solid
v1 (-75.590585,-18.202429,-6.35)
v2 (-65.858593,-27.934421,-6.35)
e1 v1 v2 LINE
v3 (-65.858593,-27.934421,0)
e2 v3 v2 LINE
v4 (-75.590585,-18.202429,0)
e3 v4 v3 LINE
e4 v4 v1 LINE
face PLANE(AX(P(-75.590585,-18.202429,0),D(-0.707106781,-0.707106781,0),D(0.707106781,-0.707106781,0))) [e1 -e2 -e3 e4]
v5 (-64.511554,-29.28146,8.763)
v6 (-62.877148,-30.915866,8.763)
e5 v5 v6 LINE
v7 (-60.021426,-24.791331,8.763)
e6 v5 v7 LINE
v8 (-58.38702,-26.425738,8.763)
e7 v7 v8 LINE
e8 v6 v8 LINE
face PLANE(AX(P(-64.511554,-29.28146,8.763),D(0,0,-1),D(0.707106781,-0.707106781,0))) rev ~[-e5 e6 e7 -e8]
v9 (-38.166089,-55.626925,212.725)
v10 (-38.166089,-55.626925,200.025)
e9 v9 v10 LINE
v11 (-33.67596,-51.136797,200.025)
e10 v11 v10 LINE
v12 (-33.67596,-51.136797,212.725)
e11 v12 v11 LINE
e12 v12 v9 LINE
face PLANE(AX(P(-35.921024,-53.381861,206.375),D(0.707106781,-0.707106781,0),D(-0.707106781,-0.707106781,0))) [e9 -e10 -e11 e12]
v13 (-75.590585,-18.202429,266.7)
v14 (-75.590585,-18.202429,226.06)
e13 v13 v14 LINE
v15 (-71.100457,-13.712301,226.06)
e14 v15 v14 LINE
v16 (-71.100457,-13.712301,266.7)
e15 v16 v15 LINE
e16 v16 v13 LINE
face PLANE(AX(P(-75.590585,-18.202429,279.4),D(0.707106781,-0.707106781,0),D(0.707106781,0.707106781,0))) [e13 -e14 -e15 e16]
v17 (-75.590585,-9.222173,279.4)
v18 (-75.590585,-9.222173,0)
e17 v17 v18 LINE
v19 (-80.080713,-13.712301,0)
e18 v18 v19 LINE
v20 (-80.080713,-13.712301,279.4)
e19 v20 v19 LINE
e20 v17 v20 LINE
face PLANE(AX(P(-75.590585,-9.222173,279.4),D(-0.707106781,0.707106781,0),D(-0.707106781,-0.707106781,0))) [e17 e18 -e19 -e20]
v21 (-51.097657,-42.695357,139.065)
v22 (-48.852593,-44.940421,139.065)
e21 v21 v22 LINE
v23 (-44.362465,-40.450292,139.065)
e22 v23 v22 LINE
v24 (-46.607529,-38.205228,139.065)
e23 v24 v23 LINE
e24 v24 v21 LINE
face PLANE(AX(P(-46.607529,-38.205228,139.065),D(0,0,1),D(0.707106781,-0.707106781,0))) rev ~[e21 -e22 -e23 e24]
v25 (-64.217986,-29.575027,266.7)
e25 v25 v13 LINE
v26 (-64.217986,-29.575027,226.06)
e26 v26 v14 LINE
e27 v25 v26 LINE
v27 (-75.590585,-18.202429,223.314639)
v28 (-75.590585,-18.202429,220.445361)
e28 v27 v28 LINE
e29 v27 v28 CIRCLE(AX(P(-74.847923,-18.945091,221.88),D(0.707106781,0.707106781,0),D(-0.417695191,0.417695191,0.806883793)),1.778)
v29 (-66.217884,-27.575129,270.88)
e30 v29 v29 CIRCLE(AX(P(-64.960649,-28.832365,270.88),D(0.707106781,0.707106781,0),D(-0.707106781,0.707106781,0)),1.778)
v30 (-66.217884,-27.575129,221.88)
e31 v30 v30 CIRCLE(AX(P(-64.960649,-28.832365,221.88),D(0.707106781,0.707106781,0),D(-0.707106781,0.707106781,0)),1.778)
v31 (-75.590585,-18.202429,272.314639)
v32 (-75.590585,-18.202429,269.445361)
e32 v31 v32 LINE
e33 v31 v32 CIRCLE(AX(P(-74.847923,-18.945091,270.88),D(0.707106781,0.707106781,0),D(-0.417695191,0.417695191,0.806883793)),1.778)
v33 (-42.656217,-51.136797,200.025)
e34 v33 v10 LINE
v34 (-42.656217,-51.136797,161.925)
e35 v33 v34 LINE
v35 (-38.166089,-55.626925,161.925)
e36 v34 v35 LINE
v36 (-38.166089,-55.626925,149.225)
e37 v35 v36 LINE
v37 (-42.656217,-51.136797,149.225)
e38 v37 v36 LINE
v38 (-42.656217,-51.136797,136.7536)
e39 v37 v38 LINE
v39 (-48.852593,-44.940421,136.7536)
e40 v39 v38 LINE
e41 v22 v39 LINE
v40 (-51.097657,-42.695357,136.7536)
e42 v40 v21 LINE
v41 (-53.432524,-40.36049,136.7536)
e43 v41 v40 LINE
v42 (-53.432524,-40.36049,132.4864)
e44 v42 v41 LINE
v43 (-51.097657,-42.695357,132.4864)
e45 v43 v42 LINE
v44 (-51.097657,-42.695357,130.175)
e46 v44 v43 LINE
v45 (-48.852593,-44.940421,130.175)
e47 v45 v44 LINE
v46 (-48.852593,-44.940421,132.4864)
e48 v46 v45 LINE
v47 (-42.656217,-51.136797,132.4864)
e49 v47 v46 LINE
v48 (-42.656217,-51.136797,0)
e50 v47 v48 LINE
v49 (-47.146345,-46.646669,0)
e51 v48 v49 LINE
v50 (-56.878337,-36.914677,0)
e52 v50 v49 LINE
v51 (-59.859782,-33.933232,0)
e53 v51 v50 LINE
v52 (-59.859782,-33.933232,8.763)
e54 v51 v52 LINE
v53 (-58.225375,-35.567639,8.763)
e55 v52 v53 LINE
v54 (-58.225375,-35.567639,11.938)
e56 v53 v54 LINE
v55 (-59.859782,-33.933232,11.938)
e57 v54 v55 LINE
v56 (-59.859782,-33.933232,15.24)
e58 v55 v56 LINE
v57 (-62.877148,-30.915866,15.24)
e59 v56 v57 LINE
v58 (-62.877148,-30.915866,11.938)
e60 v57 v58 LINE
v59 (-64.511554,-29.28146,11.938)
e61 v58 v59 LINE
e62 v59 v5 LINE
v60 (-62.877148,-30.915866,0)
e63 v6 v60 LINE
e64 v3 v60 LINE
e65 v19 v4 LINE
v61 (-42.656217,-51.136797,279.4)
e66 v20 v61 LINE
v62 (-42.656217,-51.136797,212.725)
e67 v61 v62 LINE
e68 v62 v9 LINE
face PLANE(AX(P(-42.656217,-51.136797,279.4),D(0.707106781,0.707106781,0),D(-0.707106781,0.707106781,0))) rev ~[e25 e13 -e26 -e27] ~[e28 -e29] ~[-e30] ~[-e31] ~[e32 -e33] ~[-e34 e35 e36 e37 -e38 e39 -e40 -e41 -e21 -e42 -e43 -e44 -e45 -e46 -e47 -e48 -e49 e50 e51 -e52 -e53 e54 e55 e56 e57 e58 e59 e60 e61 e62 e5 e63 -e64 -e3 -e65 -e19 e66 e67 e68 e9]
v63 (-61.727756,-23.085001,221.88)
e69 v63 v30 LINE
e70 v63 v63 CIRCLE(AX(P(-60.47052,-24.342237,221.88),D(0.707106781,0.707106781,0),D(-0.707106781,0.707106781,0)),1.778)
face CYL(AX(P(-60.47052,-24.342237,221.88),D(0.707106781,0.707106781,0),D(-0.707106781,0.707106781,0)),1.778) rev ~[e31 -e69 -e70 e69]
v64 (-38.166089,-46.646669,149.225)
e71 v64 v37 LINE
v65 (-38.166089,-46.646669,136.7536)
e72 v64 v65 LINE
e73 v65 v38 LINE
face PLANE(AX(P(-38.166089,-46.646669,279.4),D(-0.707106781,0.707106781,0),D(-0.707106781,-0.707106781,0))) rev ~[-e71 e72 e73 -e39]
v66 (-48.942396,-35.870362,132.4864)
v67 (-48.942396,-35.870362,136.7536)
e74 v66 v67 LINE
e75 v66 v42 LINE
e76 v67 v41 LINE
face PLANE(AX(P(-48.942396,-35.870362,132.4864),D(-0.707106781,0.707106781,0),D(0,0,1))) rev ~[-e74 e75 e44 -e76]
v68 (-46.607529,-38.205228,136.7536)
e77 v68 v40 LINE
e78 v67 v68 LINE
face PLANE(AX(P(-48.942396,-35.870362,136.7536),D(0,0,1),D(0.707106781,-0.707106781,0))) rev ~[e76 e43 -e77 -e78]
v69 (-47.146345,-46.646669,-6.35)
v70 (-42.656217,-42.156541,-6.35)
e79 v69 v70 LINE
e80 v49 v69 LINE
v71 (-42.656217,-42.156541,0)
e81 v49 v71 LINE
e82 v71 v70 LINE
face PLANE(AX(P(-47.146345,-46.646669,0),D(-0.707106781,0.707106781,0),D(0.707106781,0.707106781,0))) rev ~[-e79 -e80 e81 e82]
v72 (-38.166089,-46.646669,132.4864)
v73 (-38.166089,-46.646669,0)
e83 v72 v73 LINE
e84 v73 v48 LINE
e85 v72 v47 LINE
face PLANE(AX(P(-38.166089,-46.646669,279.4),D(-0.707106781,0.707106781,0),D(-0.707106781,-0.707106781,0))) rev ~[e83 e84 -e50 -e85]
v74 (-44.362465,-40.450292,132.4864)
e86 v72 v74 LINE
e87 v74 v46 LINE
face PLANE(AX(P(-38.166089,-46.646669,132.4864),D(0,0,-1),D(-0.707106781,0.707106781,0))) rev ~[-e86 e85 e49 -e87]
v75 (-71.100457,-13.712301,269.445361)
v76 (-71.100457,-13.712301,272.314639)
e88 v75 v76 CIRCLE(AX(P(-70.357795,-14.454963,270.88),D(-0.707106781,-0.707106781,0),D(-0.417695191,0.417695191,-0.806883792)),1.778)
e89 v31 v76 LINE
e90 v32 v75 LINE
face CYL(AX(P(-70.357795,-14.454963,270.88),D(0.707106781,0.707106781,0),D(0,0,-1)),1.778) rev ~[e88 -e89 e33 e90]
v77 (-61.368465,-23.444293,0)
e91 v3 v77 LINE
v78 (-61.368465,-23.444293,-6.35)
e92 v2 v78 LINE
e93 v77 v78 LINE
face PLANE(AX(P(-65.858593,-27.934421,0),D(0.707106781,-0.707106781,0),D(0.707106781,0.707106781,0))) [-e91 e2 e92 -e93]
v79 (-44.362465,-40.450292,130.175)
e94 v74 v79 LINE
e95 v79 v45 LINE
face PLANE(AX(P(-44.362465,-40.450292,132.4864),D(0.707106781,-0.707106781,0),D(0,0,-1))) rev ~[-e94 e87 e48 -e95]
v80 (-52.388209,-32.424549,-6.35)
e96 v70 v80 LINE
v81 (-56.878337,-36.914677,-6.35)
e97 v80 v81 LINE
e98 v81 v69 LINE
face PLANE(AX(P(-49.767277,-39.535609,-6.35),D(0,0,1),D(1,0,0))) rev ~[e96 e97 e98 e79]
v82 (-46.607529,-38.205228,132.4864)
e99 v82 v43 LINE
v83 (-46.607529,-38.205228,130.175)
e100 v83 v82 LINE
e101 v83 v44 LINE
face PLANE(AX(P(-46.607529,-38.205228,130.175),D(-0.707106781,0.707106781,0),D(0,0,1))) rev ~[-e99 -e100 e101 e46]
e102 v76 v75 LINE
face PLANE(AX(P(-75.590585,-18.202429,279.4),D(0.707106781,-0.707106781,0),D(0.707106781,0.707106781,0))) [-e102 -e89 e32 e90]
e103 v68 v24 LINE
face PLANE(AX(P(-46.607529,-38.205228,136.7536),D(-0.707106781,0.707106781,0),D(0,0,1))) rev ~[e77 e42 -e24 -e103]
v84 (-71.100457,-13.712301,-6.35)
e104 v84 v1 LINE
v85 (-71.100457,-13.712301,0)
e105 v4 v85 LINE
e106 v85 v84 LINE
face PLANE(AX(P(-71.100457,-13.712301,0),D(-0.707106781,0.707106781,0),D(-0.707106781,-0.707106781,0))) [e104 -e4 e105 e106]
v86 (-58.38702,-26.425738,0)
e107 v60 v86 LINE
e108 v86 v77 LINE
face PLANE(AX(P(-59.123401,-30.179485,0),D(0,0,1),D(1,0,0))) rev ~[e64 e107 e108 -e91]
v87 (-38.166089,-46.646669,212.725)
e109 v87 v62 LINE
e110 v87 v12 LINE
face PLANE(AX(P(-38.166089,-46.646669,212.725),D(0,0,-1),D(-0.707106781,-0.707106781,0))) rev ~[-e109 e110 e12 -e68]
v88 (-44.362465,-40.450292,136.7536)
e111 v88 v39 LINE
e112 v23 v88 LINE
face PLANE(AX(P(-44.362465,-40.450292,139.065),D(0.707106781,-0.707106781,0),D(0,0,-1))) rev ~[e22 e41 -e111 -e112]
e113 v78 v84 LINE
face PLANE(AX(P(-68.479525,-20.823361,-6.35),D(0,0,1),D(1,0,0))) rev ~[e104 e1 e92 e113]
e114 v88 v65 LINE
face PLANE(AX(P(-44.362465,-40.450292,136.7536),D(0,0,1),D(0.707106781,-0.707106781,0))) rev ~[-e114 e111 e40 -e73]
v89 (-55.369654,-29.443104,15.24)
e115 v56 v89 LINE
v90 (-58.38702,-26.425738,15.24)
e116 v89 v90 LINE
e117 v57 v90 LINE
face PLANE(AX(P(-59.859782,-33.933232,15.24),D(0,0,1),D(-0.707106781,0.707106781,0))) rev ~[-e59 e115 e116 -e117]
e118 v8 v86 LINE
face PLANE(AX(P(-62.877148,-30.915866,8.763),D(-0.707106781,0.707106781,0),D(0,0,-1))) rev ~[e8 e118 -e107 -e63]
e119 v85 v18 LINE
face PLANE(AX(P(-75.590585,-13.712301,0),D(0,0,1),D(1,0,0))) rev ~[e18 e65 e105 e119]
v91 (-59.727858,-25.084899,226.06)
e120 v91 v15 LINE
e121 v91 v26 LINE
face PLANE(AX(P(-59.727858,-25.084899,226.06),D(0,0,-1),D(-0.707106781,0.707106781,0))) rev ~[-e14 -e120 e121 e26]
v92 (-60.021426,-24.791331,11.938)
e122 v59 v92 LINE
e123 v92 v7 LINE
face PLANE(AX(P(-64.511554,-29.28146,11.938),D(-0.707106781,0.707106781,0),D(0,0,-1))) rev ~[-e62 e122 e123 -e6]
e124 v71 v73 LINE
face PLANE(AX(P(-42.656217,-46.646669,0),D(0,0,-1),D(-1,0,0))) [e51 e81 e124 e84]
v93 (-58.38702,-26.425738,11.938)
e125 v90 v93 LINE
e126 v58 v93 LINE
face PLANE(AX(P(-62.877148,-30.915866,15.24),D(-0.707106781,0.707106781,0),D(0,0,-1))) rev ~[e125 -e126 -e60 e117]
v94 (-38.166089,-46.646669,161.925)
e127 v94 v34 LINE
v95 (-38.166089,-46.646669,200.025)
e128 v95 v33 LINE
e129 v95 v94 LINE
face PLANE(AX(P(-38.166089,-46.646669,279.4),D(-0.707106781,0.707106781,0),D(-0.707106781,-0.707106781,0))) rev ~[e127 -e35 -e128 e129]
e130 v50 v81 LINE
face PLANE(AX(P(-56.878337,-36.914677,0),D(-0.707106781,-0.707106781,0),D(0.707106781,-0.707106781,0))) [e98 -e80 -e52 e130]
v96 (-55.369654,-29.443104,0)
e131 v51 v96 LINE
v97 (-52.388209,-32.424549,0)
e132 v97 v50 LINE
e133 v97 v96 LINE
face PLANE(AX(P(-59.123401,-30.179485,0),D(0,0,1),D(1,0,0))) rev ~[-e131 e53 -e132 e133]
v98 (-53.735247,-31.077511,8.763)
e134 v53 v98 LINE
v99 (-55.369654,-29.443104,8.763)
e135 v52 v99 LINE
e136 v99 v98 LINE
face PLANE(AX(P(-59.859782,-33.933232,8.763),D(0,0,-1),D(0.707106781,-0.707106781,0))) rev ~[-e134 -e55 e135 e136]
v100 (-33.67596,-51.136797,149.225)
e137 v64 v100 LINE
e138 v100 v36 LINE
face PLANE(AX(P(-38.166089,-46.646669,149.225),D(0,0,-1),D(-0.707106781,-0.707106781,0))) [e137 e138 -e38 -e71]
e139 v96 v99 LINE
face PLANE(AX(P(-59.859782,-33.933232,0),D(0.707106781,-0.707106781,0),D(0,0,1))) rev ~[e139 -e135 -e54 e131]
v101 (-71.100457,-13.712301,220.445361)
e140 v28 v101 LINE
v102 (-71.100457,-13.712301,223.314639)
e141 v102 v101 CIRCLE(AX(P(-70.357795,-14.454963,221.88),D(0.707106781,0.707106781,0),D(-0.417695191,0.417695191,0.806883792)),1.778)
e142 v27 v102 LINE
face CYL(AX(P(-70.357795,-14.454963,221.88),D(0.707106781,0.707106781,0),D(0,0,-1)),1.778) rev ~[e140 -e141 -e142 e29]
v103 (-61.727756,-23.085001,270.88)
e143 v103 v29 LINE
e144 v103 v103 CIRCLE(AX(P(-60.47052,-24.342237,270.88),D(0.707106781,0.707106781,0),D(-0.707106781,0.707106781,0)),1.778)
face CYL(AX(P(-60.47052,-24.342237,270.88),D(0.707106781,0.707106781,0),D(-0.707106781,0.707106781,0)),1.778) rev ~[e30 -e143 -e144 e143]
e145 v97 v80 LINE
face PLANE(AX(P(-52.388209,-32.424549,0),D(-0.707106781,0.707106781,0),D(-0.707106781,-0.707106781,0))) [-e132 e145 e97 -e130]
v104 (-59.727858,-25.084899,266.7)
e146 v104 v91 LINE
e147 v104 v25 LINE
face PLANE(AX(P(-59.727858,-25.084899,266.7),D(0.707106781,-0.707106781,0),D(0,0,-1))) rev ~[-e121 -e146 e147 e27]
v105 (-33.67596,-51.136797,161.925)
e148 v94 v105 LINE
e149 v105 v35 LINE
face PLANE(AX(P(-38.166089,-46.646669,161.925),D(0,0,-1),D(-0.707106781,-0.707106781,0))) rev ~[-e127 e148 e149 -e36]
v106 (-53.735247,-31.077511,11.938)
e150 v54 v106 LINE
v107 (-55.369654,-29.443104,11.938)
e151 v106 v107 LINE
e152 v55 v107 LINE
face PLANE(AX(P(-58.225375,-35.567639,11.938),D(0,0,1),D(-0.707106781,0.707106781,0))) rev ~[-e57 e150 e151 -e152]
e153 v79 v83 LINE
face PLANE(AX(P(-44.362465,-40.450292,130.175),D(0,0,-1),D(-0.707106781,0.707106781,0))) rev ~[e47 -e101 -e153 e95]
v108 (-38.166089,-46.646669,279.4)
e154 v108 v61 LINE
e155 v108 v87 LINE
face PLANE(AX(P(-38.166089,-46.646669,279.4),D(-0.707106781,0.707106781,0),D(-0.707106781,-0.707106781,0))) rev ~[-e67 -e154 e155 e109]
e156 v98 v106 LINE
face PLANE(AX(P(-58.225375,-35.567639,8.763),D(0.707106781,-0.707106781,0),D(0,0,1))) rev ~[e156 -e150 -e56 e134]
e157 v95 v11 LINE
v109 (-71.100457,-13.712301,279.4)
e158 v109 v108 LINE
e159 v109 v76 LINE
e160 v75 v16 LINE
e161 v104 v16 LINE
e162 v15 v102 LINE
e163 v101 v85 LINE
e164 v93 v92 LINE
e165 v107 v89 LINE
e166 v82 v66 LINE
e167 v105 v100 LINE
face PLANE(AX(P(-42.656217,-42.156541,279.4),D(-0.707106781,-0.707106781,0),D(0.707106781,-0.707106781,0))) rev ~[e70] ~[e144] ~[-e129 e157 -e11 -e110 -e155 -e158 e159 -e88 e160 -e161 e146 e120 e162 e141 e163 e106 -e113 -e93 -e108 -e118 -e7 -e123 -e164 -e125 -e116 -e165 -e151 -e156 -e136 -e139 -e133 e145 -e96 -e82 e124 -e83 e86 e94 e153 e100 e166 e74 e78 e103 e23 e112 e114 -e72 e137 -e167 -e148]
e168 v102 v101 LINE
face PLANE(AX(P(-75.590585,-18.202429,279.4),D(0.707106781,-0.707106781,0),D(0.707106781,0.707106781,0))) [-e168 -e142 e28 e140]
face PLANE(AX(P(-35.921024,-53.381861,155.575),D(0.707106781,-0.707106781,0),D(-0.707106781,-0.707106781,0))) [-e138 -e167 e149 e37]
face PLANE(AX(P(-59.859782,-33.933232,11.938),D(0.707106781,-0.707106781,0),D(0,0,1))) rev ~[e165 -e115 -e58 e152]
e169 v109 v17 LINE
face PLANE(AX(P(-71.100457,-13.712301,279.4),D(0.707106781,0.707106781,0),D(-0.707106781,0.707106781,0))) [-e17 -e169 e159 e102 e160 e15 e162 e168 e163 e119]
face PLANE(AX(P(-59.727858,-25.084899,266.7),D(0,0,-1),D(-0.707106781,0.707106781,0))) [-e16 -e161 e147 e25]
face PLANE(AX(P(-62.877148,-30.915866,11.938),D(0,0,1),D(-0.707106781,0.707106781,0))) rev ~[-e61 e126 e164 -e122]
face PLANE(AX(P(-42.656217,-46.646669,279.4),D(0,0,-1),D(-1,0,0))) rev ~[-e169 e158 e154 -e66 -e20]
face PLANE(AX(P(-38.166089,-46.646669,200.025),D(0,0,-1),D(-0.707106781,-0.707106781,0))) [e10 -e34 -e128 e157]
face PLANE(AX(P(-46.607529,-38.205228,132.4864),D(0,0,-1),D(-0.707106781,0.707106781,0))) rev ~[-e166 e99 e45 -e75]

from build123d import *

# Parameters (mm, degrees)
BASE_EXTRUSION_DEPTH                     = 279.4
BASE_T_SLOT_DEPTH                        = 283.823092451
BASE_TABS_DEPTH                          = 6.35
SKETCH5_W                                = 40.64
SKETCH5_H                                = 20.066
SERVO_SLOT_DEPTH                         = 283.823092451
SKETCH6_R                                = 1.778
SERVO_MOUNTING_HOLES_DEPTH               = 283.823092451
FILLER_EXTRUSION_TO_FUNNEL_SUPPORT_DEPTH = 279.4
SIDE_T_SLOT_DEPTH                        = 284.874808603
SKETCH9_W                                = 6.35
SKETCH9_H                                = 12.7
SIDE_TABS_DEPTH                          = 6.35


with BuildPart() as part:
    # Sketch2 → Base Extrusion (new body)
    with BuildSketch(Plane.XY):
        Polygon((-71.1004567, -13.712301035), (-75.59058476, -18.202429096), (-47.146344636, -46.64666922), (-42.656216575, -42.15654116), align=None)
    extrude(amount=BASE_EXTRUSION_DEPTH)

    # Sketch3 → Base T Slot (cut, through all)
    with BuildSketch(Plane(origin=(-46.896506928, -46.896506928, 0), x_dir=(0, 0, 1), z_dir=(-0.7071067811865479, -0.7071067811865472, 0))):
        Polygon((0, 22.600038952), (0, 18.332838952), (8.763, 18.332838952), (8.763, 16.021438952), (11.938, 16.021438952), (11.938, 18.332838952), (15.24, 18.332838952), (15.24, 22.600038952), (11.938, 22.600038952), (11.938, 24.911438952), (8.763, 24.911438952), (8.763, 22.600038952), align=None)
    extrude(amount=-BASE_T_SLOT_DEPTH, mode=Mode.SUBTRACT)

    # Sketch4 → Base Tabs (add)
    with BuildSketch(Plane(origin=(0, 0, 0), x_dir=(-1, 0, 0), z_dir=(0, 0, -1))):
        Polygon((75.59058476, -18.202429096), (65.858592758, -27.934421097), (61.368464698, -23.444293037), (71.1004567, -13.712301035), align=None)
        Polygon((42.656216575, -42.15654116), (52.388208577, -32.424549158), (56.878336637, -36.914677218), (47.146344636, -46.64666922), align=None)
    extrude(amount=BASE_TABS_DEPTH)

    # Sketch5 → Servo Slot (cut, through all)
    with BuildSketch(Plane(origin=(-42.406378867, -42.406378867, 0), x_dir=(0, 0, -1), z_dir=(0.7071067811865476, 0.7071067811865476, 0))):
        with Locations((-246.38, 34.529271287)):
            Rectangle(SKETCH5_W, SKETCH5_H)
    extrude(amount=-SERVO_SLOT_DEPTH, mode=Mode.SUBTRACT)

    # Sketch6 → Servo Mounting Holes (cut, through all)
    with BuildSketch(Plane(origin=(-42.406378867, -42.406378867, 0), x_dir=(0, 0, -1), z_dir=(0.7071067811865476, 0.7071067811865476, 0))):
        with Locations((-270.88, 39.529271287)):
            Circle(SKETCH6_R)
        with Locations(Location((-270.88, 25.54655403, 0), (0, 0, 90))):
            Circle(SKETCH6_R)
        with Locations((-221.88, 39.529271287)):
            Circle(SKETCH6_R)
        with Locations(Location((-221.88, 25.54655403, 0), (0, 0, 90))):
            Circle(SKETCH6_R)
    extrude(amount=-SERVO_MOUNTING_HOLES_DEPTH, mode=Mode.SUBTRACT)

    # Sketch7 → Filler Extrusion to Funnel Support (add)
    with BuildSketch(Plane.XY.offset(279.4)):
        Polygon((-47.146344636, -46.64666922), (-42.656216575, -42.15654116), (-38.166088515, -46.64666922), (-42.656216575, -51.136797281), align=None)
        Polygon((-75.59058476, -18.202429096), (-71.1004567, -13.712301035), (-75.59058476, -9.222172974), (-80.080712821, -13.712301035), align=None)
    extrude(amount=-FILLER_EXTRUSION_TO_FUNNEL_SUPPORT_DEPTH)

    # Sketch8 → Side T Slot (cut, through all)
    with BuildSketch(Plane(origin=(-42.406378867, -42.406378867, 0), x_dir=(0.7071067811865477, -0.7071067811865474, 0), z_dir=(0.7071067811865474, 0.7071067811865477, 0))):
        Polygon((5.996676125, -136.7536), (5.996676125, -132.4864), (-2.766323875, -132.4864), (-2.766323875, -130.175), (-5.941323875, -130.175), (-5.941323875, -132.4864), (-9.243323875, -132.4864), (-9.243323875, -136.7536), (-5.941323875, -136.7536), (-5.941323875, -139.065), (-2.766323875, -139.065), (-2.766323875, -136.7536), align=None)
    extrude(amount=-SIDE_T_SLOT_DEPTH, mode=Mode.SUBTRACT)

    # Sketch9 → Side Tabs (add)
    with BuildSketch(Plane(origin=(4.240290353, -4.240290353, 0), x_dir=(-0.7071067811865475, -0.7071067811865477, 0), z_dir=(0.7071067811865477, -0.7071067811865475, 0))):
        with Locations((63.146676125, -206.375)):
            Rectangle(SKETCH9_W, SKETCH9_H)
        with Locations((63.146676125, -155.575)):
            Rectangle(SKETCH9_W, SKETCH9_H)
    extrude(amount=SIDE_TABS_DEPTH)


solid = part.part
